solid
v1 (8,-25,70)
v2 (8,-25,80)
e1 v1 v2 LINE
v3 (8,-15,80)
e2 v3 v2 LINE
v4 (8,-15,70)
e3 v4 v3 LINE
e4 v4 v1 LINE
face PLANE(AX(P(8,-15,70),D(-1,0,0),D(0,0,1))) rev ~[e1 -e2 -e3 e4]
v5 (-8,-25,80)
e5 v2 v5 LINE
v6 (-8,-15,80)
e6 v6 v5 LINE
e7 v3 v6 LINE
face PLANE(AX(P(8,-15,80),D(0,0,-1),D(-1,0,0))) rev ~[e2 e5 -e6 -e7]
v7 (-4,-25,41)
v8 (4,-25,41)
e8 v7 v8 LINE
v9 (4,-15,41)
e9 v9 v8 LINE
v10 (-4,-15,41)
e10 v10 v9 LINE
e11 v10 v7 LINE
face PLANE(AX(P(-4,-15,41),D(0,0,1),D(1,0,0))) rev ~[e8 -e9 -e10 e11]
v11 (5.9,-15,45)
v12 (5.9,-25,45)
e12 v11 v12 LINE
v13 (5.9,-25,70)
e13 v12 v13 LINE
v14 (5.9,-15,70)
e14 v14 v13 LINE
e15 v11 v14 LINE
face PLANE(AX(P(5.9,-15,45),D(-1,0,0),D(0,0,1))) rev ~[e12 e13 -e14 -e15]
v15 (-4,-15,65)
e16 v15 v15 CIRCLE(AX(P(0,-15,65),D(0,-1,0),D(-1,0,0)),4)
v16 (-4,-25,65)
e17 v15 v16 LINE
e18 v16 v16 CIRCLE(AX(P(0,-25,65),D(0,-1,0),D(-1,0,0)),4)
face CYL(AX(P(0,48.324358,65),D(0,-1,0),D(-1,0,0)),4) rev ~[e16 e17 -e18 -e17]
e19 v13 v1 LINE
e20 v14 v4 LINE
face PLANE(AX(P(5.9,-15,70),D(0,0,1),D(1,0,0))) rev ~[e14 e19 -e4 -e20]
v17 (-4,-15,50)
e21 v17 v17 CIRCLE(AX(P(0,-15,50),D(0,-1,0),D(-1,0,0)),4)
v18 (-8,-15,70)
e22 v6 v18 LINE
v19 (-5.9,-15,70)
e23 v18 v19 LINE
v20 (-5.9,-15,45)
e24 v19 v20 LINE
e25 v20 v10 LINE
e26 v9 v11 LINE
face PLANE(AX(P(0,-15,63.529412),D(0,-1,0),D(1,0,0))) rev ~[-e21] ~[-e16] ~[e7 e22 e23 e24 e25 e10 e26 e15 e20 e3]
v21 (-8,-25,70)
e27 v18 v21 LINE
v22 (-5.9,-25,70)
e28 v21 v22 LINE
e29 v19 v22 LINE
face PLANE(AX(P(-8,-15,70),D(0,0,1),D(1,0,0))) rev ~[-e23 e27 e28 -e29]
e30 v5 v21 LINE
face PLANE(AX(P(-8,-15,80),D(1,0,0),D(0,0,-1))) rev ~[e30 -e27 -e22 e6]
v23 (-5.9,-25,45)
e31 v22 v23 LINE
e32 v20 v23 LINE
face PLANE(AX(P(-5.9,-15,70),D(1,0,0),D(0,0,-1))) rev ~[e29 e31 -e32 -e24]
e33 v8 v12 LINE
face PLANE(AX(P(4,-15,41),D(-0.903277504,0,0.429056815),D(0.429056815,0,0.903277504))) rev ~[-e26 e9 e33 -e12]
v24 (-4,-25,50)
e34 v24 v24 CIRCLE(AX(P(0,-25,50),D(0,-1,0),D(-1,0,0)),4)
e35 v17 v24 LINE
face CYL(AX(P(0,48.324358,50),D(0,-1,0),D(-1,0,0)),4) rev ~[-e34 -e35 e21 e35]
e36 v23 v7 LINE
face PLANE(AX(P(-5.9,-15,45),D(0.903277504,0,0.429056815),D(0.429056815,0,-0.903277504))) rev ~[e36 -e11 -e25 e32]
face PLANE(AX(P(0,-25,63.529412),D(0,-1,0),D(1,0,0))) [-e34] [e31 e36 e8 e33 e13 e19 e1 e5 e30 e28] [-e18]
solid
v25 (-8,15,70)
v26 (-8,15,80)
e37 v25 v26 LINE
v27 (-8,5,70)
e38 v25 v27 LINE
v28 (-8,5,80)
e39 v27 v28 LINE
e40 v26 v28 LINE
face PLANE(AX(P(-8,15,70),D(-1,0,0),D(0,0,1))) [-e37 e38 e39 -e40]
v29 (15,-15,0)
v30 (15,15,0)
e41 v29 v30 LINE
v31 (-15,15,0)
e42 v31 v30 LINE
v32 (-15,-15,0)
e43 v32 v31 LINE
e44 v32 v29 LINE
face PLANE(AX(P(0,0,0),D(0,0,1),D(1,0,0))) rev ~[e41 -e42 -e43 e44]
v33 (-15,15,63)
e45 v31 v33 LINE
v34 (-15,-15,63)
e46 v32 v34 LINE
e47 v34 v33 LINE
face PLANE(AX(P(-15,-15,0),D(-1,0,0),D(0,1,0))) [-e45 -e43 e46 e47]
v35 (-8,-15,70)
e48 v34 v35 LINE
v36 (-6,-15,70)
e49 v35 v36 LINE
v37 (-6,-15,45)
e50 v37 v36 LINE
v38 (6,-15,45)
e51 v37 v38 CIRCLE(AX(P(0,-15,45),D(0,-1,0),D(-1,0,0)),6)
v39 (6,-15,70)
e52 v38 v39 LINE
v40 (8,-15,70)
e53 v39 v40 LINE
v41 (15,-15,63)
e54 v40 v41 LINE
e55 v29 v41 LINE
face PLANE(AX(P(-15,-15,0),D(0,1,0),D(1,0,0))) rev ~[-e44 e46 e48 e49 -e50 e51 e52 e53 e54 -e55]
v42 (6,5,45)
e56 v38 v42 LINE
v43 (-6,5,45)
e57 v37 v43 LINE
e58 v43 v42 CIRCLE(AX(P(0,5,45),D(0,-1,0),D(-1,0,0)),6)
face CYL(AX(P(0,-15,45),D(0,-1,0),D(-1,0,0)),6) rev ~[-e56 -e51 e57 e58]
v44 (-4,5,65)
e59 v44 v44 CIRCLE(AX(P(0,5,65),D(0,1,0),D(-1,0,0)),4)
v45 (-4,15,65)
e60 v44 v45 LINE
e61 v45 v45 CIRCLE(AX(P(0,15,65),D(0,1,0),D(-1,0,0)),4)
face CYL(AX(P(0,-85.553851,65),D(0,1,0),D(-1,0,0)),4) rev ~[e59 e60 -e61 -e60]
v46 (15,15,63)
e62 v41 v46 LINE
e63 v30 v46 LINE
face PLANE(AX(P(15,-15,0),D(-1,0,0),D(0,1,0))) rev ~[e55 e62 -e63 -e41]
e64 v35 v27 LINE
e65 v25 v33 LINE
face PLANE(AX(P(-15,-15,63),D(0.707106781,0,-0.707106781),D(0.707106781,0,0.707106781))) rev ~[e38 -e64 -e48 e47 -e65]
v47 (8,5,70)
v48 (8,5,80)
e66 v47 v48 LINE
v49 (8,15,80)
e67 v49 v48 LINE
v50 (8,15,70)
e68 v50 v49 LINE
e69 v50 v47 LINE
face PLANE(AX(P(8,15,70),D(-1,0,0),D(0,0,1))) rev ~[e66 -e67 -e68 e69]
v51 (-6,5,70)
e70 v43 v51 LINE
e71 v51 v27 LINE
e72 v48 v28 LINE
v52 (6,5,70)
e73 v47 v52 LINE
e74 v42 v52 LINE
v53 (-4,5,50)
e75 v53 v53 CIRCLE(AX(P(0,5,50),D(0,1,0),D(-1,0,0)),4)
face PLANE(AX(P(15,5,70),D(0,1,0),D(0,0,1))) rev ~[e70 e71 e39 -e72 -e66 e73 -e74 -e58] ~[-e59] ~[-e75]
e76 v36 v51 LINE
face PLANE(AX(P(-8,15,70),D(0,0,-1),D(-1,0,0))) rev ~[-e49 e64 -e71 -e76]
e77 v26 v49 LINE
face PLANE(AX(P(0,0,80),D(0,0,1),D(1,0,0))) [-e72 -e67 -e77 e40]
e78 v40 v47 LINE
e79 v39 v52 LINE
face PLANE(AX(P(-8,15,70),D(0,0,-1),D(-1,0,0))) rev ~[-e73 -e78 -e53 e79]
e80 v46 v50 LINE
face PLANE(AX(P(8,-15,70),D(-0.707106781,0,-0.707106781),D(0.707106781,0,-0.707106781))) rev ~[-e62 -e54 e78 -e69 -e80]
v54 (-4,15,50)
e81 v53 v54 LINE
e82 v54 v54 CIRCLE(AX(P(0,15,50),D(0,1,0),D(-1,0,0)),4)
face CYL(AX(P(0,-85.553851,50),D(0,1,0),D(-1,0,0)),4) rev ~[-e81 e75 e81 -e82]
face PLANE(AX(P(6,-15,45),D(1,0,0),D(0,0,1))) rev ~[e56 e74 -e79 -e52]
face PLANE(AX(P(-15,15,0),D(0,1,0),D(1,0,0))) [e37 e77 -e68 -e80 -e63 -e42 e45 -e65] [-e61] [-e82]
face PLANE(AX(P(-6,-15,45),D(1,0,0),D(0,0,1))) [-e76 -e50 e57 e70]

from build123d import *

# Parameters (mm, degrees)
F0_W      = 30
F0_H      = 30
F1_DEPTH  = 80
F2_W      = 20
F2_H      = 10
F3_DEPTH  = 30.001
F4_W      = 7
F4_H      = 10
F5_DEPTH  = 30.001
F7_DEPTH  = 30.001
F8_W      = 12
F8_H      = 25
F9_DEPTH  = 20
F11_D     = 8
F13_DEPTH = 10
F14_D     = 8


with BuildPart() as f1:
    # F0 (on Top) → F1 (new body)
    with BuildSketch(Plane.XY):
        Rectangle(F0_W, F0_H)
    extrude(amount=F1_DEPTH)

    # F2 (on face) → F3 (cut, through all)
    with BuildSketch(Plane.YZ.offset(15)):
        with Locations((-5, 75)):
            Rectangle(F2_W, F2_H)
    extrude(amount=-F3_DEPTH, mode=Mode.SUBTRACT)

    # F4 (on face) → F5 (cut, through all)
    with BuildSketch(Plane(origin=(0, 15, 0), x_dir=(-1, 0, 0), z_dir=(0, 1, 0))):
        with Locations((-11.5, 75)):
            Rectangle(F4_W, F4_H)
        with Locations((11.5, 75)):
            Rectangle(F4_W, F4_H)
    extrude(amount=-F5_DEPTH, mode=Mode.SUBTRACT)

    # F6 (on face) → F7 (cut, through all)
    with BuildSketch(Plane.XZ.offset(15)):
        Polygon((15, 70), (8, 70), (15, 63), align=None)
        Polygon((-15, 63), (-8, 70), (-15, 70), align=None)
    extrude(amount=-F7_DEPTH, mode=Mode.SUBTRACT)

    # F8 (on face) → F9 (cut)
    with BuildSketch(Plane.XZ.offset(15)):
        with Locations((0, 57.5)):
            Rectangle(F8_W, F8_H)
        with BuildLine():
            Line((6, 45), (-6, 45))
            ThreePointArc((-6, 45), (0, 39), (6, 45))
        make_face()
    extrude(amount=-F9_DEPTH, mode=Mode.SUBTRACT)

    # F11 (through all)
    with Locations(Plane.XZ.offset(-5)):
        with Locations((0, 65), (0, 50)):
            Hole(F11_D / 2)


with BuildPart() as f13:
    # F12 (on face) → F13 (new body)
    with BuildSketch(Plane.XZ.offset(15)):
        Polygon((-8, 80), (-8, 70), (-5.9, 70), (-5.9, 45), (5.9, 45), (5.9, 70), (8, 70), (8, 80), align=None)
        Polygon((5.9, 45), (-5.9, 45), (-4, 41), (4, 41), align=None)
    extrude(amount=F13_DEPTH)

    # F14 (through all)
    with Locations(Plane(origin=(0, 5, 0), x_dir=(1, 0, 0), z_dir=(0, 1, 0))):
        with Locations((0, -65), (0, -50)):
            Hole(F14_D / 2)


solid = Compound([f1.part, f13.part])
